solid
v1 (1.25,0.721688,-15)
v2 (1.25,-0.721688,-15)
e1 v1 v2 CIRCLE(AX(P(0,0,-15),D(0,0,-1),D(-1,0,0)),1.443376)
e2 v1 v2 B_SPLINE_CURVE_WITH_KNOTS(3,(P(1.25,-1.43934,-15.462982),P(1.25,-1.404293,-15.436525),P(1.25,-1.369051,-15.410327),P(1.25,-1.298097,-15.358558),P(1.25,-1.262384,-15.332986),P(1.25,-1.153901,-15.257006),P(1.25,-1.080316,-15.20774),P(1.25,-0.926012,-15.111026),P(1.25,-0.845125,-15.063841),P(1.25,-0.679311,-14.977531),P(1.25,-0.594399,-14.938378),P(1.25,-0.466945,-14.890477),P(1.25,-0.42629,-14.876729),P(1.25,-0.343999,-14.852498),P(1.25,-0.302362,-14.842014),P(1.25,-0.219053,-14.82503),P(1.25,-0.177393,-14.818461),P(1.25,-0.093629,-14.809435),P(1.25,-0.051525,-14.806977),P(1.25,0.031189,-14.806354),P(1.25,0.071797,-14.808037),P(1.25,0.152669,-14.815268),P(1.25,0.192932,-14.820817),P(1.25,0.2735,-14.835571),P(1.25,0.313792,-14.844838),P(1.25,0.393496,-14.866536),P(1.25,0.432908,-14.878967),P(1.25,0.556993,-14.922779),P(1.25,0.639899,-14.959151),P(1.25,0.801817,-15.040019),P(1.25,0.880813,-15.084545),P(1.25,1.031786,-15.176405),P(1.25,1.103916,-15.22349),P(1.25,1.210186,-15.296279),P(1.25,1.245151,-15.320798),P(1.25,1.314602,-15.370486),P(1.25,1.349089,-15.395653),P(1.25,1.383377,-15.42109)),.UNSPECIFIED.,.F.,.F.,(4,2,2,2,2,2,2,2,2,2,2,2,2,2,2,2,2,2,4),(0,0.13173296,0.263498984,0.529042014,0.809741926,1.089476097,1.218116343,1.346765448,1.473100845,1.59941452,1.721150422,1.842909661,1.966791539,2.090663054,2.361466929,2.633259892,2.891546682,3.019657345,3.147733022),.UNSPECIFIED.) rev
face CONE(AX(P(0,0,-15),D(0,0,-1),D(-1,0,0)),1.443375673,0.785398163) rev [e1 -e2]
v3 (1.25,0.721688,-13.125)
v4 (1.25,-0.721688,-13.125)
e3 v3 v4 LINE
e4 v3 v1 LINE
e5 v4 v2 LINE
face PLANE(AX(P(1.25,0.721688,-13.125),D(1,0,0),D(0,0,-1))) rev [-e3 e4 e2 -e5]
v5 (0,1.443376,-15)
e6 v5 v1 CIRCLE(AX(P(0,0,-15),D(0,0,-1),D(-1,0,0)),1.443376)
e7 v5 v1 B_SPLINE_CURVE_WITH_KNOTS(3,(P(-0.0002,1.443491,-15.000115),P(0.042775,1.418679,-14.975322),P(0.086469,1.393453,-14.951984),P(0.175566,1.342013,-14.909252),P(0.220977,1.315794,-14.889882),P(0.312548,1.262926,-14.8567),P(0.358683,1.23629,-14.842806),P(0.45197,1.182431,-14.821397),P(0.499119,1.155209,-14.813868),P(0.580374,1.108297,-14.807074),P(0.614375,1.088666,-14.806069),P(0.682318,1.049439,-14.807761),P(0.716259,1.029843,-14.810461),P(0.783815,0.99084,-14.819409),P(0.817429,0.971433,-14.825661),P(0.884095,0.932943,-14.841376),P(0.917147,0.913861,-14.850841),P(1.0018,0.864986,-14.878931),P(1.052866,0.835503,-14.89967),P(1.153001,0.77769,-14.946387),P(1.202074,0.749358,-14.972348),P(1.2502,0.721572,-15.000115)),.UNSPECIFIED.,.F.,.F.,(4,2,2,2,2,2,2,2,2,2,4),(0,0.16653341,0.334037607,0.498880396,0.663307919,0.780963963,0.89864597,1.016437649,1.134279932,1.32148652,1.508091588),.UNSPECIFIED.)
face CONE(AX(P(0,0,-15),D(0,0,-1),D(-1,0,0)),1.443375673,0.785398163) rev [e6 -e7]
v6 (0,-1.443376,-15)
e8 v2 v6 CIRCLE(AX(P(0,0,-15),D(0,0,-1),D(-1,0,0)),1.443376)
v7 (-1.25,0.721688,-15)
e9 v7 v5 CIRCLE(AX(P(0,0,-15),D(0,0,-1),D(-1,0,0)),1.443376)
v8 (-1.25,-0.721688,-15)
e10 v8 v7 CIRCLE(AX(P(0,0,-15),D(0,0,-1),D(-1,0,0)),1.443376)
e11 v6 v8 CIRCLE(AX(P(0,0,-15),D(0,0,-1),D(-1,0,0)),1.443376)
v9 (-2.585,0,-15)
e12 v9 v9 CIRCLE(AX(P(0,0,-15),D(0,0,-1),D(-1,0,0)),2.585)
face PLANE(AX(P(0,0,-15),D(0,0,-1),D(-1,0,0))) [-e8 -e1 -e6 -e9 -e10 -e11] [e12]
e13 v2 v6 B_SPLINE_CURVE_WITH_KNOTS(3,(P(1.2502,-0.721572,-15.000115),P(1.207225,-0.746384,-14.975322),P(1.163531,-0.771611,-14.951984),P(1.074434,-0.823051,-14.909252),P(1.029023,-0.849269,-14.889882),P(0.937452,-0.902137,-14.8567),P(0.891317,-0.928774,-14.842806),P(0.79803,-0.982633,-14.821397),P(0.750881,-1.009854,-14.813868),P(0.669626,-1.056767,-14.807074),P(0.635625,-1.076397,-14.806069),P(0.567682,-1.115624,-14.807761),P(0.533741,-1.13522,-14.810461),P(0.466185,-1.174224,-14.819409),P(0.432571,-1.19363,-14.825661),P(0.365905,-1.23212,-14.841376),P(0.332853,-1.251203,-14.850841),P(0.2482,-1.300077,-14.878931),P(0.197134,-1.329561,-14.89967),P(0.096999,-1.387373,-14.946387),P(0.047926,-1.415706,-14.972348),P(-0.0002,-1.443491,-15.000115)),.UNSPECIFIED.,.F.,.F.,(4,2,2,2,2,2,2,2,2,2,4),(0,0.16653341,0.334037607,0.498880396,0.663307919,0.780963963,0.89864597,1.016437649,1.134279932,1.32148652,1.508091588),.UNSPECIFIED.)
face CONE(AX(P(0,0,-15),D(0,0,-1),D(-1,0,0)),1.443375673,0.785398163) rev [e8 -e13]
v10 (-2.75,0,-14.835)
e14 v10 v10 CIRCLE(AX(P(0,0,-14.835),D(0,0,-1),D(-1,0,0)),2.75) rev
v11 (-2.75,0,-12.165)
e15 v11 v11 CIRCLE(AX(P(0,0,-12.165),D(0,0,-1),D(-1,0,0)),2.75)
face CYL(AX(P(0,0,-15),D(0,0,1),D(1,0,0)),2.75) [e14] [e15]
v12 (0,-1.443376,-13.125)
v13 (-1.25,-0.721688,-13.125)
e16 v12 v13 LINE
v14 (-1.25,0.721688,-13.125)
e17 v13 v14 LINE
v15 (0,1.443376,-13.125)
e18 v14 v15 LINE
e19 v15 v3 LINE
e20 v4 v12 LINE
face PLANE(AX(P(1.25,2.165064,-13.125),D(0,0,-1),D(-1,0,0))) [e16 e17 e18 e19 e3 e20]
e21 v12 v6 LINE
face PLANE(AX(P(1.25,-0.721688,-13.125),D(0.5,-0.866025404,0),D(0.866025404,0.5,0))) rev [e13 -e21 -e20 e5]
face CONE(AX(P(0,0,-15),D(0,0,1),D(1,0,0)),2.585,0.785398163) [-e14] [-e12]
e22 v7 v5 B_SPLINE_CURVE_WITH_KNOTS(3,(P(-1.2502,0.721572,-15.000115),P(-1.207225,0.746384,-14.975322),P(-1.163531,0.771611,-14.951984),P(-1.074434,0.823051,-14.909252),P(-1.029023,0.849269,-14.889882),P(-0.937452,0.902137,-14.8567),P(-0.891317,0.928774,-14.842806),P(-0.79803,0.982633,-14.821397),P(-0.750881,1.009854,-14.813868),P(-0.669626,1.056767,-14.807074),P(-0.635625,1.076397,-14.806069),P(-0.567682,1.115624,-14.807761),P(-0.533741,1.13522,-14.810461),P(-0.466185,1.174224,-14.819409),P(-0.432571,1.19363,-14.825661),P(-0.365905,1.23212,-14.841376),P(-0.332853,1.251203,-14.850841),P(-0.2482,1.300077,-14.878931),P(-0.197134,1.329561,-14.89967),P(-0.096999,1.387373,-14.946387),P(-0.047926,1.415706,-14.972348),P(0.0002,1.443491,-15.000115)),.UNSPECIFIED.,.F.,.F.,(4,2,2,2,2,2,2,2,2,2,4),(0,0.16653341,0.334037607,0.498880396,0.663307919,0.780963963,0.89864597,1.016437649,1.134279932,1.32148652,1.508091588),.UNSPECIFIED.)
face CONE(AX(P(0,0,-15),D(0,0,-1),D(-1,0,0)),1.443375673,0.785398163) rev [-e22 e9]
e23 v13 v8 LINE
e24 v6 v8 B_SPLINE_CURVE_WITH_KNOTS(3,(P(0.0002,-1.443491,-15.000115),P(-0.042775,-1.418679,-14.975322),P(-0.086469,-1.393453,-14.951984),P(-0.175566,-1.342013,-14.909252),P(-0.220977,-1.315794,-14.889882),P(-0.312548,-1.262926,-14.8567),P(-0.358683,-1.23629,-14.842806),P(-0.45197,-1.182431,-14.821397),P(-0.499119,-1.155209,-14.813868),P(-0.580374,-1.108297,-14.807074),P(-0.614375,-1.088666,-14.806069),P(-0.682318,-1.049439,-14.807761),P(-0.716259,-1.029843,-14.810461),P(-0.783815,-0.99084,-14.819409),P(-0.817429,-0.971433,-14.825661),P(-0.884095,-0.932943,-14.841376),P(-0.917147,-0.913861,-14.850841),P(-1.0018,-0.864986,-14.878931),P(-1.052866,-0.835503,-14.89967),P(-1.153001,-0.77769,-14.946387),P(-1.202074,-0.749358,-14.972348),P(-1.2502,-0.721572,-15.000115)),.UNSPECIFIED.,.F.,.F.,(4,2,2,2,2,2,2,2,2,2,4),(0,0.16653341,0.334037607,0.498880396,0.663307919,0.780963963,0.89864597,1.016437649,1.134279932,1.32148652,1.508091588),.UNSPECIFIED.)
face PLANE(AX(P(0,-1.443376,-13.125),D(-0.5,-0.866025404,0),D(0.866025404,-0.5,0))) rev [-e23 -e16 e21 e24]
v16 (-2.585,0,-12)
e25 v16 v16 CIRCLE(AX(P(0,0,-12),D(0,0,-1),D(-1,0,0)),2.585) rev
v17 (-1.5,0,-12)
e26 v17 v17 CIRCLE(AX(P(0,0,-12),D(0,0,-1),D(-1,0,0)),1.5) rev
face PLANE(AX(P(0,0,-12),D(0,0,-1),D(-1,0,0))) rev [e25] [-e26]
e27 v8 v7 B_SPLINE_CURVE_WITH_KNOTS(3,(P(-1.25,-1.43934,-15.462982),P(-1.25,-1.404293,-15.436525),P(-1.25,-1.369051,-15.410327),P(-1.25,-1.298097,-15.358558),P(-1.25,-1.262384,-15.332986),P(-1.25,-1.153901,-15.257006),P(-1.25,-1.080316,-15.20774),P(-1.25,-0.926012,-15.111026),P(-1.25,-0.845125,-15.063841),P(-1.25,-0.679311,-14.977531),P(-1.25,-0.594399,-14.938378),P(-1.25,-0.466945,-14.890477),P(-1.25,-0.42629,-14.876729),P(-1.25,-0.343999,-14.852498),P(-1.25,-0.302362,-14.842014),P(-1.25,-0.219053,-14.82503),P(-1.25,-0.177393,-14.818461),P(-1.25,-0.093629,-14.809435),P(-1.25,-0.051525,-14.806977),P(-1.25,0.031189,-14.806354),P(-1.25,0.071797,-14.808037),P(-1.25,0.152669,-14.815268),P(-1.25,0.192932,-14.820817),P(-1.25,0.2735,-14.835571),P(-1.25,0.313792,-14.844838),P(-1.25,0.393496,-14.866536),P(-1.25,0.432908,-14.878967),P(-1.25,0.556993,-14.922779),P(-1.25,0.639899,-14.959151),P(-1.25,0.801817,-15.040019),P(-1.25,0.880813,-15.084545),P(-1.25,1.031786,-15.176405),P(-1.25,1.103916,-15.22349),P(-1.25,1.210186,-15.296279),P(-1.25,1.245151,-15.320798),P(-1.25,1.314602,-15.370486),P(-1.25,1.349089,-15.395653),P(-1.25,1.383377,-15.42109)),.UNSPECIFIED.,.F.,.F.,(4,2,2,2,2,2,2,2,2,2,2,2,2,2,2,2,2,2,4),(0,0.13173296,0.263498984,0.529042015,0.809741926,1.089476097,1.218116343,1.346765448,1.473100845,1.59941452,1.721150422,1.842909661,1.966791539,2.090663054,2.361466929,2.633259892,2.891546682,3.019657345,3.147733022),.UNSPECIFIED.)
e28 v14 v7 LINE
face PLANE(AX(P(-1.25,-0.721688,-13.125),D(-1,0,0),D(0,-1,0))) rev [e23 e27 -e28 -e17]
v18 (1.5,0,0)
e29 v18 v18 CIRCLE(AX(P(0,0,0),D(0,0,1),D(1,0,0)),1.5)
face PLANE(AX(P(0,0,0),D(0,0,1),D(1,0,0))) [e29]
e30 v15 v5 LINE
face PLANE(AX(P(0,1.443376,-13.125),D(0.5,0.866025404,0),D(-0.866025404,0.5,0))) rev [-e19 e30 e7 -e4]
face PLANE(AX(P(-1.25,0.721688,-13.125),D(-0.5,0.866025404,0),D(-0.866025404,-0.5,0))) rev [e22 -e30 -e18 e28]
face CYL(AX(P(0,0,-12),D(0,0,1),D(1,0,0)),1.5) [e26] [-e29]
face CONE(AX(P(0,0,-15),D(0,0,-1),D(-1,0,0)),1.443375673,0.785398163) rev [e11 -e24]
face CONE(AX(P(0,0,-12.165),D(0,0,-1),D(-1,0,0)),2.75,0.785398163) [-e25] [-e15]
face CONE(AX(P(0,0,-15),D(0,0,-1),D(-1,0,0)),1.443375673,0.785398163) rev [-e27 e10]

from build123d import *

# Parameters (mm, degrees)
SKETCH1_R          = 1.5
EXTRUDE1_DEPTH     = 12
SKETCH6_R          = 2.75
EXTRUDE2_DEPTH     = 3
CUT_EXTRUDE1_DEPTH = 1.875
CHAMFER1_SIZE      = 0.165


with BuildPart() as part:
    # Sketch1 → Extrude1 (new body)
    with BuildSketch(Plane.XY):
        Circle(SKETCH1_R)
    extrude(amount=-EXTRUDE1_DEPTH)

    # Sketch6 → Extrude2 (add)
    with BuildSketch(Plane(origin=(0, 0, -12), x_dir=(-1, 0, 0), z_dir=(0, 0, -1))):
        Circle(SKETCH6_R)
    extrude(amount=EXTRUDE2_DEPTH)

    # Sketch7 → Cut-Extrude1 (cut)
    with BuildSketch(Plane(origin=(0, 0, -15), x_dir=(-1, 0, 0), z_dir=(0, 0, -1))):
        Polygon((0, 1.443375673), (-1.25, 0.721687836), (-1.25, -0.721687836), (0, -1.443375673), (1.25, -0.721687836), (1.25, 0.721687836), align=None)
    extrude(amount=-CUT_EXTRUDE1_DEPTH, mode=Mode.SUBTRACT)

    # Cut-Extrude2 cone 1 section (through the dimple's axis) → Cut-Extrude2 (revolve, cut)
    with BuildSketch(Plane(origin=(0, 0, -15), x_dir=(0, 1, 0), z_dir=(1, 0, 0))):
        Polygon((0, 0), (1.443375673, 0), (0, 1.443375673), align=None)
    revolve(axis=Axis((0, 0, -15), (0, 0, 1)), mode=Mode.SUBTRACT)

    # Chamfer1
    chamfer1_edges = [part.edges().sort_by_distance(p)[0] for p in [
        (2.75, 0, -12),
        (2.75, 0, -15),
    ]]
    chamfer(chamfer1_edges, length=CHAMFER1_SIZE)

    # Sketch10 → Revolve1 (revolve)
    with BuildSketch(Plane(origin=(0, 0, 0), x_dir=(0, 0, -1), z_dir=(1, 0, 0))):
        Polygon((12, 1.5), (12, 0), (11.253679656, 0), (11.875, 1.5), align=None)
    revolve(axis=Axis((0, 0, -12), (0, 0, 1)))


solid = part.part
